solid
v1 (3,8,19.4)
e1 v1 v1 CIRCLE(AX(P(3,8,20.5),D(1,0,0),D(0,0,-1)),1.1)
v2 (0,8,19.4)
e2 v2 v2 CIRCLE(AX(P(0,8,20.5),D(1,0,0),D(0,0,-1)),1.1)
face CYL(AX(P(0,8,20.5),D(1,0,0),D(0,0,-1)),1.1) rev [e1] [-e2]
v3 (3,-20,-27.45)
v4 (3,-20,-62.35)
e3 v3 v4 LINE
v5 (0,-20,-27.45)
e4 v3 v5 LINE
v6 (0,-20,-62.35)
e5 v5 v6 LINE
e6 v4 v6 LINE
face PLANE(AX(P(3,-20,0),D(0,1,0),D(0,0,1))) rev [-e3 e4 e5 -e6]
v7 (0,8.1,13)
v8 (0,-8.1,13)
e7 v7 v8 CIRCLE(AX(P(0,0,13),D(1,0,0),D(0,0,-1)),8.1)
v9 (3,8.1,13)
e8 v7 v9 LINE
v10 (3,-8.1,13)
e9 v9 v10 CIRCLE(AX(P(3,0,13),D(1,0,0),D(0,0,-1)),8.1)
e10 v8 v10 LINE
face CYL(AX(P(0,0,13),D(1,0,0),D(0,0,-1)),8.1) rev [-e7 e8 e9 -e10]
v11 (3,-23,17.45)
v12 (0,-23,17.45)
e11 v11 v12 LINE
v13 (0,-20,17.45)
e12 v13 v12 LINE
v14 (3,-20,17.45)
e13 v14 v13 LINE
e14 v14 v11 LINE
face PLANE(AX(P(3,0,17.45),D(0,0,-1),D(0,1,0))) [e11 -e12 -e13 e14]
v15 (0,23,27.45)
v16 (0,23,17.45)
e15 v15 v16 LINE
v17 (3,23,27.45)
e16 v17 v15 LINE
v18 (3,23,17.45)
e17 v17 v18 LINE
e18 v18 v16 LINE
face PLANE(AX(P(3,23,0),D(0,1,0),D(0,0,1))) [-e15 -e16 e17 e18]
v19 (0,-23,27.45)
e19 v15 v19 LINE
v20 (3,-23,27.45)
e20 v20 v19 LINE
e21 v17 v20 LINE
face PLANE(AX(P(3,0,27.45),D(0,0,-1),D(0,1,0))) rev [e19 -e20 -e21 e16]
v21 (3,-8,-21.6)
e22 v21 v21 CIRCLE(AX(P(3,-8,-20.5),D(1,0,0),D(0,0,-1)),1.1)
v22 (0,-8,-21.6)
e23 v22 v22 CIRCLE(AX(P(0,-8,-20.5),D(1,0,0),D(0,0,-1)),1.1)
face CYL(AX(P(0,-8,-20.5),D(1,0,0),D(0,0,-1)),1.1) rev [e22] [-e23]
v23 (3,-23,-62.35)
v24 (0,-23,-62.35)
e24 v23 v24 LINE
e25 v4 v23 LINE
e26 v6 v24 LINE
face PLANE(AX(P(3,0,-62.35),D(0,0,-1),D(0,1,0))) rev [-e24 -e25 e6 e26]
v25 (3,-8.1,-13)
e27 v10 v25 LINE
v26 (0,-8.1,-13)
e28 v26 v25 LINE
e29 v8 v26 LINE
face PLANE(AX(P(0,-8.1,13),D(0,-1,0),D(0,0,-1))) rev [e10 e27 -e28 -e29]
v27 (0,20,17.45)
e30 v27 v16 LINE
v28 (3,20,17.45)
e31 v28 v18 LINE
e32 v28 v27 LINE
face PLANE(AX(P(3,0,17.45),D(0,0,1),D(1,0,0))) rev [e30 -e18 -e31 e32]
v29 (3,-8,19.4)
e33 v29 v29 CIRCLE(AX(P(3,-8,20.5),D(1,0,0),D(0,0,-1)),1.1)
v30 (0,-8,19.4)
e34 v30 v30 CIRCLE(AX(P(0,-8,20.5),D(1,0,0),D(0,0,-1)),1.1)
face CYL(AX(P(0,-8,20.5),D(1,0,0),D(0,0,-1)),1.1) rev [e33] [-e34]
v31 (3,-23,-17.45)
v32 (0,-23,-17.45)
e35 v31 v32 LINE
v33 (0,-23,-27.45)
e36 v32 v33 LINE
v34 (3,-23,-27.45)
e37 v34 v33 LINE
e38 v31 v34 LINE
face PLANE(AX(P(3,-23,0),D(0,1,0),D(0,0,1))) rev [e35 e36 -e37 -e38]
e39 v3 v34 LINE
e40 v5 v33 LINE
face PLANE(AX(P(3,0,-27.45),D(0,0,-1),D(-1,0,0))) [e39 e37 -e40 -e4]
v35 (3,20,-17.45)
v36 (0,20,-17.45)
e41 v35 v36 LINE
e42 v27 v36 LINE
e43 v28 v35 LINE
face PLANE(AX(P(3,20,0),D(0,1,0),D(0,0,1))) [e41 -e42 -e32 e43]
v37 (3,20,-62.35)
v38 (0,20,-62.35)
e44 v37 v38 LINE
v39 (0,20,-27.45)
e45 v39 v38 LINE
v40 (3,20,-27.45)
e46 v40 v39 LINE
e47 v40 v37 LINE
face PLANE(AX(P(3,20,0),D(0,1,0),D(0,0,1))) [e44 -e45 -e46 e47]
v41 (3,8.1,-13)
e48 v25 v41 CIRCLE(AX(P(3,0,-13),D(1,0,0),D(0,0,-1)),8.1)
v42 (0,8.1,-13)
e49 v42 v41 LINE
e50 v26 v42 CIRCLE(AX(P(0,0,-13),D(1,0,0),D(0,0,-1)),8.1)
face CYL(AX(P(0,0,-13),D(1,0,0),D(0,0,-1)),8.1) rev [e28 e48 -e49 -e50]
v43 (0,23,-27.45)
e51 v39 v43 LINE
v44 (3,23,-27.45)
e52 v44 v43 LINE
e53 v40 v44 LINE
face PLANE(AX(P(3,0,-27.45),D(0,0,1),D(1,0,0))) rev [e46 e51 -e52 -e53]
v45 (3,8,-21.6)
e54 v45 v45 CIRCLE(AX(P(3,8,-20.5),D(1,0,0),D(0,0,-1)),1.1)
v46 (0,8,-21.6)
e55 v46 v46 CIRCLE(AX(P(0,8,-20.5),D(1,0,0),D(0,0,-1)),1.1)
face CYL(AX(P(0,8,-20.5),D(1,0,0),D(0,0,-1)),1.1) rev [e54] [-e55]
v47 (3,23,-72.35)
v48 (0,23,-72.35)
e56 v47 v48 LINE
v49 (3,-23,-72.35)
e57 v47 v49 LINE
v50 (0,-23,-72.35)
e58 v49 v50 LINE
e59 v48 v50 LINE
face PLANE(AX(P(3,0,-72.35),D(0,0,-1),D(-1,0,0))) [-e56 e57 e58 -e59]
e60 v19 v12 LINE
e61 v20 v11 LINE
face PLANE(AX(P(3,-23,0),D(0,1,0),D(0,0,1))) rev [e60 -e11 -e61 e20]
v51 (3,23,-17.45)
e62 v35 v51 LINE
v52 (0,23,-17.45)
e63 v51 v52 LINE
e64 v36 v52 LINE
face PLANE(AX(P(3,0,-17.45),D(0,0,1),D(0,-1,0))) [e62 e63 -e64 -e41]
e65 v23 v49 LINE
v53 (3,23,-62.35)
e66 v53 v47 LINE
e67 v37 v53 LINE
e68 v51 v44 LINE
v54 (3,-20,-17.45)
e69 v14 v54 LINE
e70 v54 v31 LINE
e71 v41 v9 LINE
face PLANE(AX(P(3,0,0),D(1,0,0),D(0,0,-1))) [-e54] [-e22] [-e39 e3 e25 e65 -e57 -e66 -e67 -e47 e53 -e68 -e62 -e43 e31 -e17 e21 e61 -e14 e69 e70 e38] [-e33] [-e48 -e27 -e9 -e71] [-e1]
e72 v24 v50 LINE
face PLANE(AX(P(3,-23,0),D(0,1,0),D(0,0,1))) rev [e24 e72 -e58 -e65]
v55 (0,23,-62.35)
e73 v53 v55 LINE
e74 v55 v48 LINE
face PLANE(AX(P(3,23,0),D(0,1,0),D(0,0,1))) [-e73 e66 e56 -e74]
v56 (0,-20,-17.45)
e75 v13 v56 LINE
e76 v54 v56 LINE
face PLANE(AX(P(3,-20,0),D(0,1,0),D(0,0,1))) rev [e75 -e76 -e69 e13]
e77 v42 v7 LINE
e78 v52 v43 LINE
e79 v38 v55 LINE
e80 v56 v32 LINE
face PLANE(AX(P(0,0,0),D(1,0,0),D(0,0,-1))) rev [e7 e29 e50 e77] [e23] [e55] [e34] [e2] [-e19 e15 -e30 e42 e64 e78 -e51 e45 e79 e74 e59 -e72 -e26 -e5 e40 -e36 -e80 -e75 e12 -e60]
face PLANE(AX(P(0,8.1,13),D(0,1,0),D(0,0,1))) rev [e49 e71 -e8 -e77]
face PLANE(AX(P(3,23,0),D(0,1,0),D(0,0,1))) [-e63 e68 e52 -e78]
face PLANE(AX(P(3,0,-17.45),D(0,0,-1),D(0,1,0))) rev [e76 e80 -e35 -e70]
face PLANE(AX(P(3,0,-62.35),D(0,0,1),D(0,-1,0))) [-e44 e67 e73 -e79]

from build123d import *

# Parameters (mm, degrees)
SKETCH1_W           = 99.8
SKETCH1_H           = 40
SKETCH1_W_2         = 10
SKETCH1_H_2         = 3
BOSS_EXTRUDE1_DEPTH = 3
SKETCH2_R           = 1.1
CUT_EXTRUDE1_DEPTH  = 76.977118266


with BuildPart() as part:
    # Sketch1 → Boss-Extrude1 (new body)
    with BuildSketch(Plane(origin=(0, 0, 0), x_dir=(0, 0, -1), z_dir=(1, 0, 0))):
        with Locations((22.45, 0)):
            Rectangle(SKETCH1_W, SKETCH1_H)
        with Locations((-22.45, 21.5)):
            Rectangle(SKETCH1_W_2, SKETCH1_H_2)
        with Locations((22.45, 21.5)):
            Rectangle(SKETCH1_W_2, SKETCH1_H_2)
        with Locations((67.35, 21.5)):
            Rectangle(SKETCH1_W_2, SKETCH1_H_2)
        with Locations((67.35, -21.5)):
            Rectangle(SKETCH1_W_2, SKETCH1_H_2)
        with Locations((22.45, -21.5)):
            Rectangle(SKETCH1_W_2, SKETCH1_H_2)
        with Locations((-22.45, -21.5)):
            Rectangle(SKETCH1_W_2, SKETCH1_H_2)
    extrude(amount=BOSS_EXTRUDE1_DEPTH)

    # Sketch2 → Cut-Extrude1 (cut, through all)
    with BuildSketch(Plane(origin=(3, 0, 0), x_dir=(0, 0, -1), z_dir=(1, 0, 0))):
        with Locations((-20.5, 8)):
            Circle(SKETCH2_R)
        with Locations((-20.5, -8)):
            Circle(SKETCH2_R)
        with Locations((20.5, 8)):
            Circle(SKETCH2_R)
        with Locations((20.5, -8)):
            Circle(SKETCH2_R)
        with BuildLine():
            Line((-13, 8.1), (13, 8.1))
            ThreePointArc((13, 8.1), (21.1, 0), (13, -8.1))
            Line((13, -8.1), (-13, -8.1))
            ThreePointArc((-13, -8.1), (-21.1, 0), (-13, 8.1))
        make_face()
    extrude(amount=-CUT_EXTRUDE1_DEPTH, mode=Mode.SUBTRACT)


solid = part.part
